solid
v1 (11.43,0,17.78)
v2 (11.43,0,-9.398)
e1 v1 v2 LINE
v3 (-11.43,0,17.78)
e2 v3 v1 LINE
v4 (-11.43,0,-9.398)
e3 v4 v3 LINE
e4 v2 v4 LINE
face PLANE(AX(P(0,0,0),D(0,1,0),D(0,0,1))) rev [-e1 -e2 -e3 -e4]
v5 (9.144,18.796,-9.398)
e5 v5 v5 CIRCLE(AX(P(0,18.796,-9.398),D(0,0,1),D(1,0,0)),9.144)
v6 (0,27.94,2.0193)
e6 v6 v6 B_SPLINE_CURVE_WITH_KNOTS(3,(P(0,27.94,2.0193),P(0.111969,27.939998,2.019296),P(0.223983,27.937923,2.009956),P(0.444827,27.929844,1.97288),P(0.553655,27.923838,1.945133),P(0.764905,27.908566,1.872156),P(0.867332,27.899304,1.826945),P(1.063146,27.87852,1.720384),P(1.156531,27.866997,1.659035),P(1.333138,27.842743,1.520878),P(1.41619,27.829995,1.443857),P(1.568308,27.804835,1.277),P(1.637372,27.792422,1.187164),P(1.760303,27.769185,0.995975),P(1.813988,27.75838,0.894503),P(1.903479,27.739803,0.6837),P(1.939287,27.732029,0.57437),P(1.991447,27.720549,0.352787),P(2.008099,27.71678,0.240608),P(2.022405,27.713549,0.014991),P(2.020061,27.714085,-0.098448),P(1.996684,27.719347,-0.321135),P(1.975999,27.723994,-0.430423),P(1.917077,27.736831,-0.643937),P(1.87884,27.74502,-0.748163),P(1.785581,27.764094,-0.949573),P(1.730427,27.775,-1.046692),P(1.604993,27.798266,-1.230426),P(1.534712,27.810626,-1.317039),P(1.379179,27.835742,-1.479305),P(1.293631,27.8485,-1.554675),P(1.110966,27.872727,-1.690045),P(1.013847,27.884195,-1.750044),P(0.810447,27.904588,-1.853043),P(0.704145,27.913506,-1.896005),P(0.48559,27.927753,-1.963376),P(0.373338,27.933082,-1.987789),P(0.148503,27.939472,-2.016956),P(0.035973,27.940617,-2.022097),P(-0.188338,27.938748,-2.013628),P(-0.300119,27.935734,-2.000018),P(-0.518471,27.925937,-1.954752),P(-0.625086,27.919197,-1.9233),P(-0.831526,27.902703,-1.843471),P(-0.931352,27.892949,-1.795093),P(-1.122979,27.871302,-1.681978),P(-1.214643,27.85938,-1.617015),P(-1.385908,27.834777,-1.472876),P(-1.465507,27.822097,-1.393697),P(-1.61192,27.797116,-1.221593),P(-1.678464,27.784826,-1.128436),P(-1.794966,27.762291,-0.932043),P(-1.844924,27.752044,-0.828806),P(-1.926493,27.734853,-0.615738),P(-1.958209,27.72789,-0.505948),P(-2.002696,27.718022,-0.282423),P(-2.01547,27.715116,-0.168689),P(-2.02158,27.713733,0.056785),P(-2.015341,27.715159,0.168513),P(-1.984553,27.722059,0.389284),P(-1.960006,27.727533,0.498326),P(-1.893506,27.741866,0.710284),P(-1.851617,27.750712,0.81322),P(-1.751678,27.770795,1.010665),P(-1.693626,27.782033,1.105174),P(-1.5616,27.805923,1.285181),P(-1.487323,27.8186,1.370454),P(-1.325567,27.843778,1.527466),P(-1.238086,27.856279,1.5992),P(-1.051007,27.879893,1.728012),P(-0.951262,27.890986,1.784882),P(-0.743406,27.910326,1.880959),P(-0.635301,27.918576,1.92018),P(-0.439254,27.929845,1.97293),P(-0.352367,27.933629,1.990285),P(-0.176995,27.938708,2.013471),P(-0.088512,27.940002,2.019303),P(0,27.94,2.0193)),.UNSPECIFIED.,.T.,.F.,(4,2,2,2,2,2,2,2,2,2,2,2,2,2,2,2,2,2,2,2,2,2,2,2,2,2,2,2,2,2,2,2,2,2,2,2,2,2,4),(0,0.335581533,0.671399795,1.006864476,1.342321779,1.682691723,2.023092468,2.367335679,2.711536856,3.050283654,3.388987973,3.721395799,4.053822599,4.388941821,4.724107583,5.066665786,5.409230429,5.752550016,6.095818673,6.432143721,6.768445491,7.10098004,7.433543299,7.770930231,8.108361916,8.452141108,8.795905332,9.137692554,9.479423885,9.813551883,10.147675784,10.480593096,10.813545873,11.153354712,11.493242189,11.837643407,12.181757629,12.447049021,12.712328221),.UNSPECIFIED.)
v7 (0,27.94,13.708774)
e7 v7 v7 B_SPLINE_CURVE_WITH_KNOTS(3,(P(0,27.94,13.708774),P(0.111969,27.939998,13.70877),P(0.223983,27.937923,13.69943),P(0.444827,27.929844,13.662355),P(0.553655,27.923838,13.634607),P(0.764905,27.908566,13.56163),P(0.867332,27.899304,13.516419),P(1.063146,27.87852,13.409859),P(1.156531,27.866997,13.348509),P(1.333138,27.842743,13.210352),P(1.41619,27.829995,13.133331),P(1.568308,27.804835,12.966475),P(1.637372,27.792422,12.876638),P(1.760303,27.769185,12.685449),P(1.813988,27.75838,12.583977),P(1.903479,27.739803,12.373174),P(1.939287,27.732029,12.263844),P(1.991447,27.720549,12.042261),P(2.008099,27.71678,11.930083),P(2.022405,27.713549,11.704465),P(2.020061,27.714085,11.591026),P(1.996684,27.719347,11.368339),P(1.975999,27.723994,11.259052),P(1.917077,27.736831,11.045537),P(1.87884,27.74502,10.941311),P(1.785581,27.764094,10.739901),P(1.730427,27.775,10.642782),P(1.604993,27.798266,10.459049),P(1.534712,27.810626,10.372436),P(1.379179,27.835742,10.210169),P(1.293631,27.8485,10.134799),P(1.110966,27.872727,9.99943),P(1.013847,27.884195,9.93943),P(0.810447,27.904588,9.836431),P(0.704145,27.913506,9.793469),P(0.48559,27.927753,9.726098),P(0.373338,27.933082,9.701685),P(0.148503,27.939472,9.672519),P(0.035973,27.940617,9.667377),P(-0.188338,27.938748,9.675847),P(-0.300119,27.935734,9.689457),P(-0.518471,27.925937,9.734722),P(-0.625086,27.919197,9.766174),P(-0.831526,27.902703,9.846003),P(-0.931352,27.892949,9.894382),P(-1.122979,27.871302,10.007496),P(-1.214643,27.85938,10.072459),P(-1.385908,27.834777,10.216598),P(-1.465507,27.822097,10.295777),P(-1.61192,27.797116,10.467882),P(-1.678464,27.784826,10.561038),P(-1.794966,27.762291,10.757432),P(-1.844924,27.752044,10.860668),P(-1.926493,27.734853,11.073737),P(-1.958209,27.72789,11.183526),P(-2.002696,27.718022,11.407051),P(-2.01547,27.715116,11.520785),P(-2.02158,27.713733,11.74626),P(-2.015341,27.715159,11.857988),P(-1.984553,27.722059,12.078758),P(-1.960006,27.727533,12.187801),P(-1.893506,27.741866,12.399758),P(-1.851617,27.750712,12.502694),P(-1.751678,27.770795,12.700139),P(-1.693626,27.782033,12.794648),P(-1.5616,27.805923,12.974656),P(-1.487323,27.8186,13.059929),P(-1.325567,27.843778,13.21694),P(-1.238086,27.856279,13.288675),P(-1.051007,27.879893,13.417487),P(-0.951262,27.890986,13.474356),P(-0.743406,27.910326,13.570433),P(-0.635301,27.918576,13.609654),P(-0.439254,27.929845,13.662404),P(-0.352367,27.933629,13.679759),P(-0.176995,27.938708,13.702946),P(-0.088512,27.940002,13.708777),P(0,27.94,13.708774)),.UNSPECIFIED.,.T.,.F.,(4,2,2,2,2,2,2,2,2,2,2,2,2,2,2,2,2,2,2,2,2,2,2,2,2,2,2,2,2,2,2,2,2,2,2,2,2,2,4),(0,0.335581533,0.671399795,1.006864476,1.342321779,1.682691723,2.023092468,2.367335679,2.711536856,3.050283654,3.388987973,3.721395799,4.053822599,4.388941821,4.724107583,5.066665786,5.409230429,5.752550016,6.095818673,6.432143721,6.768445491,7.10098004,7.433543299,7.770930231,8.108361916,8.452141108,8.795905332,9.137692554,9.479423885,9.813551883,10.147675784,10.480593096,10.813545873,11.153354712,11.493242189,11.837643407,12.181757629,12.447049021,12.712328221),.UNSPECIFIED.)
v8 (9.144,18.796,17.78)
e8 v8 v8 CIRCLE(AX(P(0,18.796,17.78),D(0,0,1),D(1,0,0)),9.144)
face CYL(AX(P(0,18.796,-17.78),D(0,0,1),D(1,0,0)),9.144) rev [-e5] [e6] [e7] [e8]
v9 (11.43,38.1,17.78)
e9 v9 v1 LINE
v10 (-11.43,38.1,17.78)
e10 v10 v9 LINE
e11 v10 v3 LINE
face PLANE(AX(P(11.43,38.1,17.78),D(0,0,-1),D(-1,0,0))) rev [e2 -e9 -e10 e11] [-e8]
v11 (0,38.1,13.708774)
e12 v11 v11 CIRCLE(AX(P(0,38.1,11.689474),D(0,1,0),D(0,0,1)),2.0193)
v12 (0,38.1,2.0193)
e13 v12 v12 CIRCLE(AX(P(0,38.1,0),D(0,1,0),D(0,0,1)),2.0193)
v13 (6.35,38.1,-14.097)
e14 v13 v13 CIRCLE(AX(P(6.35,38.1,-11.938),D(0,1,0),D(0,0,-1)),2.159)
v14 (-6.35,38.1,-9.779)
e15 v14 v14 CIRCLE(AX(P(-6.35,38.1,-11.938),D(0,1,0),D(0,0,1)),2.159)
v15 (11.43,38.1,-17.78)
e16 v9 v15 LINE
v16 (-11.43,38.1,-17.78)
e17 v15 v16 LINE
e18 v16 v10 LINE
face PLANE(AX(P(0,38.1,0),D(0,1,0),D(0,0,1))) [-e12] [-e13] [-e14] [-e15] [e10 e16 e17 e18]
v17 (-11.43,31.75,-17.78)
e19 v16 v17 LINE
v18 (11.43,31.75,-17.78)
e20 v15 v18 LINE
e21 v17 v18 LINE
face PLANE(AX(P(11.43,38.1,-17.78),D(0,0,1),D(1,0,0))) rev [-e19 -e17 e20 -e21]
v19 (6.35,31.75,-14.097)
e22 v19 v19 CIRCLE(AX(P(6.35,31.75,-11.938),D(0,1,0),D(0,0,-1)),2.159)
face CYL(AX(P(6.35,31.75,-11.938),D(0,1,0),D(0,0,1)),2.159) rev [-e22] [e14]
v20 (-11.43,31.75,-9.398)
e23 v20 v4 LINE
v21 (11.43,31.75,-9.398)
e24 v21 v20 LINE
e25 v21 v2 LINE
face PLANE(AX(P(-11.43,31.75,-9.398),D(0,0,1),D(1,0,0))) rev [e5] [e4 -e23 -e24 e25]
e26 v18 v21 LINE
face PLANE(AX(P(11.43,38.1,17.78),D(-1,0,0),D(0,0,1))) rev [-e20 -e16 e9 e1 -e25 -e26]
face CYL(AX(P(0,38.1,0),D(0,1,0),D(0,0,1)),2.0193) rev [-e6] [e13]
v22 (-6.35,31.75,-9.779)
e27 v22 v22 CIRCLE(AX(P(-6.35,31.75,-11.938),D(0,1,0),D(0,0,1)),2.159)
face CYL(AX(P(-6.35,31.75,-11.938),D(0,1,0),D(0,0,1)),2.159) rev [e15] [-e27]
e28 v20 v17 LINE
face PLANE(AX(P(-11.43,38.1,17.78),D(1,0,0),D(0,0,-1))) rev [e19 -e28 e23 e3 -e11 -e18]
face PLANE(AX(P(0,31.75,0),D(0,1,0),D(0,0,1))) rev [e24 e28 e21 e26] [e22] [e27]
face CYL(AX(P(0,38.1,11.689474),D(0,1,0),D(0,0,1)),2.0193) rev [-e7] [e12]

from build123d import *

# Parameters (mm, degrees)
SKETCH1_W                   = 22.86
SKETCH1_H                   = 35.56
BOSS_EXTRUDE1_DEPTH         = 38.1
SKETCH3_W                   = 22.86
SKETCH3_H                   = 8.382
CUT_EXTRUDE2_DEPTH          = 31.75
SKETCH4_R                   = 2.159
CUT_EXTRUDE3_DEPTH          = 6.35
SKETCH6_R                   = 9.144
CUT_EXTRUDE4_DEPTH          = 54.355116906
F_10_32_TAPPED_HOLE1_REACH  = 45.57
F_10_32_TAPPED_HOLE1_BORE_R = 2.0193


with BuildPart() as part:
    # Sketch1 → Boss-Extrude1 (new body)
    with BuildSketch(Plane(origin=(0, 0, 0), x_dir=(1, 0, 0), z_dir=(0, 1, 0))):
        Rectangle(SKETCH1_W, SKETCH1_H)
    extrude(amount=BOSS_EXTRUDE1_DEPTH)

    # Sketch3 → Cut-Extrude2 (cut)
    with BuildSketch(Plane.XZ):
        with Locations((0, -13.589)):
            Rectangle(SKETCH3_W, SKETCH3_H)
    extrude(amount=-CUT_EXTRUDE2_DEPTH, mode=Mode.SUBTRACT)

    # Sketch4 → Cut-Extrude3 (cut)
    with BuildSketch(Plane(origin=(0, 38.1, 0), x_dir=(1, 0, 0), z_dir=(0, 1, 0))):
        with Locations(Location((-6.35, 11.938, 0), (0, 0, 270))):
            Circle(SKETCH4_R)
        with Locations(Location((6.35, 11.938, 0), (0, 0, 90))):
            Circle(SKETCH4_R)
    extrude(amount=-CUT_EXTRUDE3_DEPTH, mode=Mode.SUBTRACT)

    # Sketch6 → Cut-Extrude4 (cut, through all)
    with BuildSketch(Plane.XY.offset(17.78)):
        with Locations((0, 18.796)):
            Circle(SKETCH6_R)
    extrude(amount=-CUT_EXTRUDE4_DEPTH, mode=Mode.SUBTRACT)

    # #10-32 Tapped Hole1 bore → #10-32 Tapped Hole1 (cut, up to next)
    with BuildSketch(Plane(origin=(0, 38.1, 0), x_dir=(1, 0, 0), z_dir=(0, 1, 0)), mode=Mode.PRIVATE) as f_10_32_tapped_hole1_sk1:
        Circle(F_10_32_TAPPED_HOLE1_BORE_R)
    f_10_32_tapped_hole1_tool1 = extrude(f_10_32_tapped_hole1_sk1.sketch, amount=-F_10_32_TAPPED_HOLE1_REACH, mode=Mode.PRIVATE) & part.part
    # #10-32 Tapped Hole1 bore → #10-32 Tapped Hole1 (cut, up to next)
    with BuildSketch(Plane(origin=(0, 38.1, 0), x_dir=(1, 0, 0), z_dir=(0, 1, 0)), mode=Mode.PRIVATE) as f_10_32_tapped_hole1_sk2:
        with Locations((0, -11.689474191)):
            Circle(F_10_32_TAPPED_HOLE1_BORE_R)
    f_10_32_tapped_hole1_tool2 = extrude(f_10_32_tapped_hole1_sk2.sketch, amount=-F_10_32_TAPPED_HOLE1_REACH, mode=Mode.PRIVATE) & part.part
    add(f_10_32_tapped_hole1_tool1.solids().sort_by_distance((0, 38.1, 0))[0], mode=Mode.SUBTRACT)
    add(f_10_32_tapped_hole1_tool2.solids().sort_by_distance((0, 38.1, 11.689474))[0], mode=Mode.SUBTRACT)


solid = part.part
